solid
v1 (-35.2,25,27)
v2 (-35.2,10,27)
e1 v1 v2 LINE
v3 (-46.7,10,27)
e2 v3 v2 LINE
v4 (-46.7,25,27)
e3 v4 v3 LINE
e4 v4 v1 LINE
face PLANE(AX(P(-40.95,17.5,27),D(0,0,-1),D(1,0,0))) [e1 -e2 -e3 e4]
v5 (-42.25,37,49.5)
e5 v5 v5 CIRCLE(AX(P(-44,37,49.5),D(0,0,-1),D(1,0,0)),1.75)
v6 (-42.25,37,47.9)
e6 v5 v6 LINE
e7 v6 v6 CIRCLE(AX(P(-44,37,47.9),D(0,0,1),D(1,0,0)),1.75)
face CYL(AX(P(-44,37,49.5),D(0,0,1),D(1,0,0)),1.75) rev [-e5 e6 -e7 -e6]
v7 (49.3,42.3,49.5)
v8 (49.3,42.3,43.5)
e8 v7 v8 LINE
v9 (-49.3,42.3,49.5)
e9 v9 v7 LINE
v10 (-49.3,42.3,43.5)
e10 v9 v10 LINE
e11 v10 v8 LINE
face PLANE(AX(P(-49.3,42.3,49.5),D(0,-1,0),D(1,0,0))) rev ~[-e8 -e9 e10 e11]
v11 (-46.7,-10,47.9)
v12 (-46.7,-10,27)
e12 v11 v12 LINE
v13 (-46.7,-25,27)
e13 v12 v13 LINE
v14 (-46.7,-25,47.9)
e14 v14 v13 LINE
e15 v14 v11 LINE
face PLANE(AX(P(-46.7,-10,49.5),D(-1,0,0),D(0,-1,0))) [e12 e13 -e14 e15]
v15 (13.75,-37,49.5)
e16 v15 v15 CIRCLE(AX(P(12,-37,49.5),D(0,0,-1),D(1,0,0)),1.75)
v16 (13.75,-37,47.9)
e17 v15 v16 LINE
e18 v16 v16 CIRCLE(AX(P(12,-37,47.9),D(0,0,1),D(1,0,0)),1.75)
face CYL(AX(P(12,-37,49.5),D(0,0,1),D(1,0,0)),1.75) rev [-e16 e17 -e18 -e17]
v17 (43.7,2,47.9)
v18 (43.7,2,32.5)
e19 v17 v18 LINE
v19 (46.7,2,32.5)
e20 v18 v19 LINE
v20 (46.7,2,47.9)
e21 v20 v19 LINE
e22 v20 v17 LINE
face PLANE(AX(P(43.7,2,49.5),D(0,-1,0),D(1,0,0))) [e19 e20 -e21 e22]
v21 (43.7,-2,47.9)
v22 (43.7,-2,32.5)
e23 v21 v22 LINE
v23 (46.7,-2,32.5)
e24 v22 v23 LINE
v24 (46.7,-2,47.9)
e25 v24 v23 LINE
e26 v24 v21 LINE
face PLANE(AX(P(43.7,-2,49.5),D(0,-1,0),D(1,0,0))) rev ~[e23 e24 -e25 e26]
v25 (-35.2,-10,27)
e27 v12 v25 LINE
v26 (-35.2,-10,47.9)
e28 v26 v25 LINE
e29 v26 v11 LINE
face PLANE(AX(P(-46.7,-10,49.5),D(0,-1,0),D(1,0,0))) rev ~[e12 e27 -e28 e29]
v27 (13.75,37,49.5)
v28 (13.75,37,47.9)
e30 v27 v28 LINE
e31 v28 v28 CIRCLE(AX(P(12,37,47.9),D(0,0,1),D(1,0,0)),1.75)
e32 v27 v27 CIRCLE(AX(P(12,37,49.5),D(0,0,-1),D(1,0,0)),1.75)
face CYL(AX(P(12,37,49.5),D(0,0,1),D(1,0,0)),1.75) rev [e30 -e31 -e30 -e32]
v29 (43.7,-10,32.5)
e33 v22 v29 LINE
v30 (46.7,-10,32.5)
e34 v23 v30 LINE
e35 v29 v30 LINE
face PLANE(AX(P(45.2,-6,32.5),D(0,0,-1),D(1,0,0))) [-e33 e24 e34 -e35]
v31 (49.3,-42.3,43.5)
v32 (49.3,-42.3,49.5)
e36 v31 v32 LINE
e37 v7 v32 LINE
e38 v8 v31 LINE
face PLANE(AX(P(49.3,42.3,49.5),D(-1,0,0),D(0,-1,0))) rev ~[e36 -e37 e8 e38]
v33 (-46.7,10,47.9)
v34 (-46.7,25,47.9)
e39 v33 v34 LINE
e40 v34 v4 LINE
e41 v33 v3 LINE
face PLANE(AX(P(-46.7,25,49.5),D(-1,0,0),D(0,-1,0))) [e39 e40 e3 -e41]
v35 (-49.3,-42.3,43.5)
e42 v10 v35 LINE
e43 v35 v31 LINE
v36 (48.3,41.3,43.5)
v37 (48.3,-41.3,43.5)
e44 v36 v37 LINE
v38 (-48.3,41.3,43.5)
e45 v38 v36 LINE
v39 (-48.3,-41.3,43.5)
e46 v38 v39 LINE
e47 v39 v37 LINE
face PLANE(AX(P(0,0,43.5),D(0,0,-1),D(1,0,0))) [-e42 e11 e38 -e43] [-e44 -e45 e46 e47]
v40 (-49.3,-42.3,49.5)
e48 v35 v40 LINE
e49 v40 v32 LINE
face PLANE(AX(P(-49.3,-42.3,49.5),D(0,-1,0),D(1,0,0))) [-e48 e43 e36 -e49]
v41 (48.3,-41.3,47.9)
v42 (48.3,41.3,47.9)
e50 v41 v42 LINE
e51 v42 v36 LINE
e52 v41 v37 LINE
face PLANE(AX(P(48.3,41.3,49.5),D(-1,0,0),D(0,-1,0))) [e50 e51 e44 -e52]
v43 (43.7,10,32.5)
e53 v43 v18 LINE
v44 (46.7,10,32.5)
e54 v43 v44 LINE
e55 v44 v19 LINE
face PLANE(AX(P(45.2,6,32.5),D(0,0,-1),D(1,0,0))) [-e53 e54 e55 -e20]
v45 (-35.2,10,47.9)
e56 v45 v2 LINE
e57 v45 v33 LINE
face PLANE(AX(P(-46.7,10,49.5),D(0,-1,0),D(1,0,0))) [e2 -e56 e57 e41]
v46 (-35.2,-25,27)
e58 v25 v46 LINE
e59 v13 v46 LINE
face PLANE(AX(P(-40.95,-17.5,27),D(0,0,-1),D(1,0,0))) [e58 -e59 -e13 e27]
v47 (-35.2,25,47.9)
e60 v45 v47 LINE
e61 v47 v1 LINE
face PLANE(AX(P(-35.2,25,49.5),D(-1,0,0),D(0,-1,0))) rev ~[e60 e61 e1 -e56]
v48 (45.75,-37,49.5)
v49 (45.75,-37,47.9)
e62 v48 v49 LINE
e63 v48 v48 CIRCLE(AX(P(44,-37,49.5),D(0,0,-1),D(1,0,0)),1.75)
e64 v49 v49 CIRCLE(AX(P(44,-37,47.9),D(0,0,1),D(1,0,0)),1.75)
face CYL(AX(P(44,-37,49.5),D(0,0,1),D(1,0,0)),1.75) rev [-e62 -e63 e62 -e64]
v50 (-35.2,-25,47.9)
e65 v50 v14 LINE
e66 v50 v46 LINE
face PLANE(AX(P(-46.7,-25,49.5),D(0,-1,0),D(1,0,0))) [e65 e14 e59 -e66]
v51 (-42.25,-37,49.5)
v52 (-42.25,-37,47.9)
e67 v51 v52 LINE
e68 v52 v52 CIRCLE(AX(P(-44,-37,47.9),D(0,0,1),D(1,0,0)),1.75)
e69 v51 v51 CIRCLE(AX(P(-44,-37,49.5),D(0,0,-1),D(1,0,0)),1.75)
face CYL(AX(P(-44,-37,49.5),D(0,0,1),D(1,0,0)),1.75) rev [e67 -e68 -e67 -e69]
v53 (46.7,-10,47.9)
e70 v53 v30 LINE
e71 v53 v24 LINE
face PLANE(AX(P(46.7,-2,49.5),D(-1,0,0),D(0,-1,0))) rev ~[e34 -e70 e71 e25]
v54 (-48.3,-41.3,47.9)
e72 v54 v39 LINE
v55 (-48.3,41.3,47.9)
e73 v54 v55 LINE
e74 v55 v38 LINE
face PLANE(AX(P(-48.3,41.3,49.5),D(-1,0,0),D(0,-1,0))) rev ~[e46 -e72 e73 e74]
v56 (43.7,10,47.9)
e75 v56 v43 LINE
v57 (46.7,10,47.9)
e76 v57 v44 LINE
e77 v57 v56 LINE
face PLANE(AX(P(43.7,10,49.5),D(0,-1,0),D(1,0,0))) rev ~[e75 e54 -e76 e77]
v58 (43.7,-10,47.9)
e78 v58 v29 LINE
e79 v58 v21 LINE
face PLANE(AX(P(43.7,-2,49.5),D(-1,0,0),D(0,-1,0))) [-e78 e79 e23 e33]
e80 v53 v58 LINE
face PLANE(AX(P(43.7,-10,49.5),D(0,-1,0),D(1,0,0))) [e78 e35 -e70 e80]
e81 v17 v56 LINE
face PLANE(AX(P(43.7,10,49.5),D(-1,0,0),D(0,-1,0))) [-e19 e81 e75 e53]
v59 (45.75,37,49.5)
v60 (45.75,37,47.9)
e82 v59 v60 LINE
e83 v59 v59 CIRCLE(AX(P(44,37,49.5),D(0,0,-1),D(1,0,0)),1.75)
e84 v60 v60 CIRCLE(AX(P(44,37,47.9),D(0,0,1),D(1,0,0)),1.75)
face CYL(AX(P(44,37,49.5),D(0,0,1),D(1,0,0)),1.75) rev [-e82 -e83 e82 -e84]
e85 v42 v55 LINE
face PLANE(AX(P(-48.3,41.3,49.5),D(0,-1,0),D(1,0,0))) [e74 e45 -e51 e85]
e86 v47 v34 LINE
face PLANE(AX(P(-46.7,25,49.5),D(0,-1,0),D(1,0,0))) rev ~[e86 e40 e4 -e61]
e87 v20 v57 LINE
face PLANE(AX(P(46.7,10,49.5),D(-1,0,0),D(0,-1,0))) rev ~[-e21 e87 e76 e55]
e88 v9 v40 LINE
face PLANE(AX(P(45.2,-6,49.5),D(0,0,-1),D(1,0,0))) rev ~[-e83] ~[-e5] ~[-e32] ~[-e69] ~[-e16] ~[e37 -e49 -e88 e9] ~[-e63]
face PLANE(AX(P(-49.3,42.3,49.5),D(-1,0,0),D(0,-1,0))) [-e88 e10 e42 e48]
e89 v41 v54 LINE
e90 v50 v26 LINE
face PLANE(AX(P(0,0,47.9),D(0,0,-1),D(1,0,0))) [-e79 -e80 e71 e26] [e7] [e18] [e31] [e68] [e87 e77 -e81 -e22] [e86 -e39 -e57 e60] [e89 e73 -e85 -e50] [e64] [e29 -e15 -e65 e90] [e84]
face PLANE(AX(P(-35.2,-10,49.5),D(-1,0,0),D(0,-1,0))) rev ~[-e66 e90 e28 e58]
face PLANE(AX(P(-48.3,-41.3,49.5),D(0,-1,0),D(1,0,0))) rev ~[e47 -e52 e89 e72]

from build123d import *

# Parameters (mm, degrees)
SKETCH009_W             = 98.6
SKETCH009_H             = 84.6
PAD006_DEPTH            = 1.6
SKETCH010_W             = 98.6
SKETCH010_H             = 84.6
SKETCH010_W_2           = 96.6
SKETCH010_H_2           = 82.6
PAD007_DEPTH            = 6
SKETCH020_W             = 11.5
SKETCH020_H             = 15
PAD018_DEPTH            = 22.5
SKETCH027_W             = 3
SKETCH027_H             = 8
PAD019_DEPTH            = 17
SKETCH014_R             = 1.75
POCKET009_DEPTH         = 5
BODY003_PLACEMENT_ANGLE = 180


with BuildPart() as part:
    # Sketch009 → Pad006 (new body)
    with BuildSketch(Plane.XY):
        Rectangle(SKETCH009_W, SKETCH009_H)
    extrude(amount=PAD006_DEPTH)

    # Sketch010 → Pad007 (join)
    with BuildSketch(Plane.XY):
        Rectangle(SKETCH010_W, SKETCH010_H)
        Rectangle(SKETCH010_W_2, SKETCH010_H_2, mode=Mode.SUBTRACT)
    extrude(amount=PAD007_DEPTH)

    # Sketch020 → Pad018 (join)
    with BuildSketch(Plane.XY):
        with Locations((-40.95, 17.5)):
            Rectangle(SKETCH020_W, SKETCH020_H)
        with Locations((-40.95, -17.5)):
            Rectangle(SKETCH020_W, SKETCH020_H)
    extrude(amount=PAD018_DEPTH)

    # Sketch027 → Pad019 (join)
    with BuildSketch(Plane.XY):
        with Locations((45.2, 6)):
            Rectangle(SKETCH027_W, SKETCH027_H)
        with Locations((45.2, -6)):
            Rectangle(SKETCH027_W, SKETCH027_H)
    extrude(amount=PAD019_DEPTH)

    # Sketch014 → Pocket009 (cut)
    with BuildSketch(Plane.XY):
        with Locations((-44, 37)):
            Circle(SKETCH014_R)
        with Locations((12, 37)):
            Circle(SKETCH014_R)
        with Locations((44, 37)):
            Circle(SKETCH014_R)
        with Locations((44, -37)):
            Circle(SKETCH014_R)
        with Locations((12, -37)):
            Circle(SKETCH014_R)
        with Locations((-44, -37)):
            Circle(SKETCH014_R)
    extrude(amount=POCKET009_DEPTH, mode=Mode.SUBTRACT)


with BuildPart() as part_1:
    # Body003 placement: moved
    add(part.part.moved(Location((0, 0, 49.5))).rotate(Axis((0, 0, 49.5), (1, 0, 0)), BODY003_PLACEMENT_ANGLE))


solid = part_1.part
